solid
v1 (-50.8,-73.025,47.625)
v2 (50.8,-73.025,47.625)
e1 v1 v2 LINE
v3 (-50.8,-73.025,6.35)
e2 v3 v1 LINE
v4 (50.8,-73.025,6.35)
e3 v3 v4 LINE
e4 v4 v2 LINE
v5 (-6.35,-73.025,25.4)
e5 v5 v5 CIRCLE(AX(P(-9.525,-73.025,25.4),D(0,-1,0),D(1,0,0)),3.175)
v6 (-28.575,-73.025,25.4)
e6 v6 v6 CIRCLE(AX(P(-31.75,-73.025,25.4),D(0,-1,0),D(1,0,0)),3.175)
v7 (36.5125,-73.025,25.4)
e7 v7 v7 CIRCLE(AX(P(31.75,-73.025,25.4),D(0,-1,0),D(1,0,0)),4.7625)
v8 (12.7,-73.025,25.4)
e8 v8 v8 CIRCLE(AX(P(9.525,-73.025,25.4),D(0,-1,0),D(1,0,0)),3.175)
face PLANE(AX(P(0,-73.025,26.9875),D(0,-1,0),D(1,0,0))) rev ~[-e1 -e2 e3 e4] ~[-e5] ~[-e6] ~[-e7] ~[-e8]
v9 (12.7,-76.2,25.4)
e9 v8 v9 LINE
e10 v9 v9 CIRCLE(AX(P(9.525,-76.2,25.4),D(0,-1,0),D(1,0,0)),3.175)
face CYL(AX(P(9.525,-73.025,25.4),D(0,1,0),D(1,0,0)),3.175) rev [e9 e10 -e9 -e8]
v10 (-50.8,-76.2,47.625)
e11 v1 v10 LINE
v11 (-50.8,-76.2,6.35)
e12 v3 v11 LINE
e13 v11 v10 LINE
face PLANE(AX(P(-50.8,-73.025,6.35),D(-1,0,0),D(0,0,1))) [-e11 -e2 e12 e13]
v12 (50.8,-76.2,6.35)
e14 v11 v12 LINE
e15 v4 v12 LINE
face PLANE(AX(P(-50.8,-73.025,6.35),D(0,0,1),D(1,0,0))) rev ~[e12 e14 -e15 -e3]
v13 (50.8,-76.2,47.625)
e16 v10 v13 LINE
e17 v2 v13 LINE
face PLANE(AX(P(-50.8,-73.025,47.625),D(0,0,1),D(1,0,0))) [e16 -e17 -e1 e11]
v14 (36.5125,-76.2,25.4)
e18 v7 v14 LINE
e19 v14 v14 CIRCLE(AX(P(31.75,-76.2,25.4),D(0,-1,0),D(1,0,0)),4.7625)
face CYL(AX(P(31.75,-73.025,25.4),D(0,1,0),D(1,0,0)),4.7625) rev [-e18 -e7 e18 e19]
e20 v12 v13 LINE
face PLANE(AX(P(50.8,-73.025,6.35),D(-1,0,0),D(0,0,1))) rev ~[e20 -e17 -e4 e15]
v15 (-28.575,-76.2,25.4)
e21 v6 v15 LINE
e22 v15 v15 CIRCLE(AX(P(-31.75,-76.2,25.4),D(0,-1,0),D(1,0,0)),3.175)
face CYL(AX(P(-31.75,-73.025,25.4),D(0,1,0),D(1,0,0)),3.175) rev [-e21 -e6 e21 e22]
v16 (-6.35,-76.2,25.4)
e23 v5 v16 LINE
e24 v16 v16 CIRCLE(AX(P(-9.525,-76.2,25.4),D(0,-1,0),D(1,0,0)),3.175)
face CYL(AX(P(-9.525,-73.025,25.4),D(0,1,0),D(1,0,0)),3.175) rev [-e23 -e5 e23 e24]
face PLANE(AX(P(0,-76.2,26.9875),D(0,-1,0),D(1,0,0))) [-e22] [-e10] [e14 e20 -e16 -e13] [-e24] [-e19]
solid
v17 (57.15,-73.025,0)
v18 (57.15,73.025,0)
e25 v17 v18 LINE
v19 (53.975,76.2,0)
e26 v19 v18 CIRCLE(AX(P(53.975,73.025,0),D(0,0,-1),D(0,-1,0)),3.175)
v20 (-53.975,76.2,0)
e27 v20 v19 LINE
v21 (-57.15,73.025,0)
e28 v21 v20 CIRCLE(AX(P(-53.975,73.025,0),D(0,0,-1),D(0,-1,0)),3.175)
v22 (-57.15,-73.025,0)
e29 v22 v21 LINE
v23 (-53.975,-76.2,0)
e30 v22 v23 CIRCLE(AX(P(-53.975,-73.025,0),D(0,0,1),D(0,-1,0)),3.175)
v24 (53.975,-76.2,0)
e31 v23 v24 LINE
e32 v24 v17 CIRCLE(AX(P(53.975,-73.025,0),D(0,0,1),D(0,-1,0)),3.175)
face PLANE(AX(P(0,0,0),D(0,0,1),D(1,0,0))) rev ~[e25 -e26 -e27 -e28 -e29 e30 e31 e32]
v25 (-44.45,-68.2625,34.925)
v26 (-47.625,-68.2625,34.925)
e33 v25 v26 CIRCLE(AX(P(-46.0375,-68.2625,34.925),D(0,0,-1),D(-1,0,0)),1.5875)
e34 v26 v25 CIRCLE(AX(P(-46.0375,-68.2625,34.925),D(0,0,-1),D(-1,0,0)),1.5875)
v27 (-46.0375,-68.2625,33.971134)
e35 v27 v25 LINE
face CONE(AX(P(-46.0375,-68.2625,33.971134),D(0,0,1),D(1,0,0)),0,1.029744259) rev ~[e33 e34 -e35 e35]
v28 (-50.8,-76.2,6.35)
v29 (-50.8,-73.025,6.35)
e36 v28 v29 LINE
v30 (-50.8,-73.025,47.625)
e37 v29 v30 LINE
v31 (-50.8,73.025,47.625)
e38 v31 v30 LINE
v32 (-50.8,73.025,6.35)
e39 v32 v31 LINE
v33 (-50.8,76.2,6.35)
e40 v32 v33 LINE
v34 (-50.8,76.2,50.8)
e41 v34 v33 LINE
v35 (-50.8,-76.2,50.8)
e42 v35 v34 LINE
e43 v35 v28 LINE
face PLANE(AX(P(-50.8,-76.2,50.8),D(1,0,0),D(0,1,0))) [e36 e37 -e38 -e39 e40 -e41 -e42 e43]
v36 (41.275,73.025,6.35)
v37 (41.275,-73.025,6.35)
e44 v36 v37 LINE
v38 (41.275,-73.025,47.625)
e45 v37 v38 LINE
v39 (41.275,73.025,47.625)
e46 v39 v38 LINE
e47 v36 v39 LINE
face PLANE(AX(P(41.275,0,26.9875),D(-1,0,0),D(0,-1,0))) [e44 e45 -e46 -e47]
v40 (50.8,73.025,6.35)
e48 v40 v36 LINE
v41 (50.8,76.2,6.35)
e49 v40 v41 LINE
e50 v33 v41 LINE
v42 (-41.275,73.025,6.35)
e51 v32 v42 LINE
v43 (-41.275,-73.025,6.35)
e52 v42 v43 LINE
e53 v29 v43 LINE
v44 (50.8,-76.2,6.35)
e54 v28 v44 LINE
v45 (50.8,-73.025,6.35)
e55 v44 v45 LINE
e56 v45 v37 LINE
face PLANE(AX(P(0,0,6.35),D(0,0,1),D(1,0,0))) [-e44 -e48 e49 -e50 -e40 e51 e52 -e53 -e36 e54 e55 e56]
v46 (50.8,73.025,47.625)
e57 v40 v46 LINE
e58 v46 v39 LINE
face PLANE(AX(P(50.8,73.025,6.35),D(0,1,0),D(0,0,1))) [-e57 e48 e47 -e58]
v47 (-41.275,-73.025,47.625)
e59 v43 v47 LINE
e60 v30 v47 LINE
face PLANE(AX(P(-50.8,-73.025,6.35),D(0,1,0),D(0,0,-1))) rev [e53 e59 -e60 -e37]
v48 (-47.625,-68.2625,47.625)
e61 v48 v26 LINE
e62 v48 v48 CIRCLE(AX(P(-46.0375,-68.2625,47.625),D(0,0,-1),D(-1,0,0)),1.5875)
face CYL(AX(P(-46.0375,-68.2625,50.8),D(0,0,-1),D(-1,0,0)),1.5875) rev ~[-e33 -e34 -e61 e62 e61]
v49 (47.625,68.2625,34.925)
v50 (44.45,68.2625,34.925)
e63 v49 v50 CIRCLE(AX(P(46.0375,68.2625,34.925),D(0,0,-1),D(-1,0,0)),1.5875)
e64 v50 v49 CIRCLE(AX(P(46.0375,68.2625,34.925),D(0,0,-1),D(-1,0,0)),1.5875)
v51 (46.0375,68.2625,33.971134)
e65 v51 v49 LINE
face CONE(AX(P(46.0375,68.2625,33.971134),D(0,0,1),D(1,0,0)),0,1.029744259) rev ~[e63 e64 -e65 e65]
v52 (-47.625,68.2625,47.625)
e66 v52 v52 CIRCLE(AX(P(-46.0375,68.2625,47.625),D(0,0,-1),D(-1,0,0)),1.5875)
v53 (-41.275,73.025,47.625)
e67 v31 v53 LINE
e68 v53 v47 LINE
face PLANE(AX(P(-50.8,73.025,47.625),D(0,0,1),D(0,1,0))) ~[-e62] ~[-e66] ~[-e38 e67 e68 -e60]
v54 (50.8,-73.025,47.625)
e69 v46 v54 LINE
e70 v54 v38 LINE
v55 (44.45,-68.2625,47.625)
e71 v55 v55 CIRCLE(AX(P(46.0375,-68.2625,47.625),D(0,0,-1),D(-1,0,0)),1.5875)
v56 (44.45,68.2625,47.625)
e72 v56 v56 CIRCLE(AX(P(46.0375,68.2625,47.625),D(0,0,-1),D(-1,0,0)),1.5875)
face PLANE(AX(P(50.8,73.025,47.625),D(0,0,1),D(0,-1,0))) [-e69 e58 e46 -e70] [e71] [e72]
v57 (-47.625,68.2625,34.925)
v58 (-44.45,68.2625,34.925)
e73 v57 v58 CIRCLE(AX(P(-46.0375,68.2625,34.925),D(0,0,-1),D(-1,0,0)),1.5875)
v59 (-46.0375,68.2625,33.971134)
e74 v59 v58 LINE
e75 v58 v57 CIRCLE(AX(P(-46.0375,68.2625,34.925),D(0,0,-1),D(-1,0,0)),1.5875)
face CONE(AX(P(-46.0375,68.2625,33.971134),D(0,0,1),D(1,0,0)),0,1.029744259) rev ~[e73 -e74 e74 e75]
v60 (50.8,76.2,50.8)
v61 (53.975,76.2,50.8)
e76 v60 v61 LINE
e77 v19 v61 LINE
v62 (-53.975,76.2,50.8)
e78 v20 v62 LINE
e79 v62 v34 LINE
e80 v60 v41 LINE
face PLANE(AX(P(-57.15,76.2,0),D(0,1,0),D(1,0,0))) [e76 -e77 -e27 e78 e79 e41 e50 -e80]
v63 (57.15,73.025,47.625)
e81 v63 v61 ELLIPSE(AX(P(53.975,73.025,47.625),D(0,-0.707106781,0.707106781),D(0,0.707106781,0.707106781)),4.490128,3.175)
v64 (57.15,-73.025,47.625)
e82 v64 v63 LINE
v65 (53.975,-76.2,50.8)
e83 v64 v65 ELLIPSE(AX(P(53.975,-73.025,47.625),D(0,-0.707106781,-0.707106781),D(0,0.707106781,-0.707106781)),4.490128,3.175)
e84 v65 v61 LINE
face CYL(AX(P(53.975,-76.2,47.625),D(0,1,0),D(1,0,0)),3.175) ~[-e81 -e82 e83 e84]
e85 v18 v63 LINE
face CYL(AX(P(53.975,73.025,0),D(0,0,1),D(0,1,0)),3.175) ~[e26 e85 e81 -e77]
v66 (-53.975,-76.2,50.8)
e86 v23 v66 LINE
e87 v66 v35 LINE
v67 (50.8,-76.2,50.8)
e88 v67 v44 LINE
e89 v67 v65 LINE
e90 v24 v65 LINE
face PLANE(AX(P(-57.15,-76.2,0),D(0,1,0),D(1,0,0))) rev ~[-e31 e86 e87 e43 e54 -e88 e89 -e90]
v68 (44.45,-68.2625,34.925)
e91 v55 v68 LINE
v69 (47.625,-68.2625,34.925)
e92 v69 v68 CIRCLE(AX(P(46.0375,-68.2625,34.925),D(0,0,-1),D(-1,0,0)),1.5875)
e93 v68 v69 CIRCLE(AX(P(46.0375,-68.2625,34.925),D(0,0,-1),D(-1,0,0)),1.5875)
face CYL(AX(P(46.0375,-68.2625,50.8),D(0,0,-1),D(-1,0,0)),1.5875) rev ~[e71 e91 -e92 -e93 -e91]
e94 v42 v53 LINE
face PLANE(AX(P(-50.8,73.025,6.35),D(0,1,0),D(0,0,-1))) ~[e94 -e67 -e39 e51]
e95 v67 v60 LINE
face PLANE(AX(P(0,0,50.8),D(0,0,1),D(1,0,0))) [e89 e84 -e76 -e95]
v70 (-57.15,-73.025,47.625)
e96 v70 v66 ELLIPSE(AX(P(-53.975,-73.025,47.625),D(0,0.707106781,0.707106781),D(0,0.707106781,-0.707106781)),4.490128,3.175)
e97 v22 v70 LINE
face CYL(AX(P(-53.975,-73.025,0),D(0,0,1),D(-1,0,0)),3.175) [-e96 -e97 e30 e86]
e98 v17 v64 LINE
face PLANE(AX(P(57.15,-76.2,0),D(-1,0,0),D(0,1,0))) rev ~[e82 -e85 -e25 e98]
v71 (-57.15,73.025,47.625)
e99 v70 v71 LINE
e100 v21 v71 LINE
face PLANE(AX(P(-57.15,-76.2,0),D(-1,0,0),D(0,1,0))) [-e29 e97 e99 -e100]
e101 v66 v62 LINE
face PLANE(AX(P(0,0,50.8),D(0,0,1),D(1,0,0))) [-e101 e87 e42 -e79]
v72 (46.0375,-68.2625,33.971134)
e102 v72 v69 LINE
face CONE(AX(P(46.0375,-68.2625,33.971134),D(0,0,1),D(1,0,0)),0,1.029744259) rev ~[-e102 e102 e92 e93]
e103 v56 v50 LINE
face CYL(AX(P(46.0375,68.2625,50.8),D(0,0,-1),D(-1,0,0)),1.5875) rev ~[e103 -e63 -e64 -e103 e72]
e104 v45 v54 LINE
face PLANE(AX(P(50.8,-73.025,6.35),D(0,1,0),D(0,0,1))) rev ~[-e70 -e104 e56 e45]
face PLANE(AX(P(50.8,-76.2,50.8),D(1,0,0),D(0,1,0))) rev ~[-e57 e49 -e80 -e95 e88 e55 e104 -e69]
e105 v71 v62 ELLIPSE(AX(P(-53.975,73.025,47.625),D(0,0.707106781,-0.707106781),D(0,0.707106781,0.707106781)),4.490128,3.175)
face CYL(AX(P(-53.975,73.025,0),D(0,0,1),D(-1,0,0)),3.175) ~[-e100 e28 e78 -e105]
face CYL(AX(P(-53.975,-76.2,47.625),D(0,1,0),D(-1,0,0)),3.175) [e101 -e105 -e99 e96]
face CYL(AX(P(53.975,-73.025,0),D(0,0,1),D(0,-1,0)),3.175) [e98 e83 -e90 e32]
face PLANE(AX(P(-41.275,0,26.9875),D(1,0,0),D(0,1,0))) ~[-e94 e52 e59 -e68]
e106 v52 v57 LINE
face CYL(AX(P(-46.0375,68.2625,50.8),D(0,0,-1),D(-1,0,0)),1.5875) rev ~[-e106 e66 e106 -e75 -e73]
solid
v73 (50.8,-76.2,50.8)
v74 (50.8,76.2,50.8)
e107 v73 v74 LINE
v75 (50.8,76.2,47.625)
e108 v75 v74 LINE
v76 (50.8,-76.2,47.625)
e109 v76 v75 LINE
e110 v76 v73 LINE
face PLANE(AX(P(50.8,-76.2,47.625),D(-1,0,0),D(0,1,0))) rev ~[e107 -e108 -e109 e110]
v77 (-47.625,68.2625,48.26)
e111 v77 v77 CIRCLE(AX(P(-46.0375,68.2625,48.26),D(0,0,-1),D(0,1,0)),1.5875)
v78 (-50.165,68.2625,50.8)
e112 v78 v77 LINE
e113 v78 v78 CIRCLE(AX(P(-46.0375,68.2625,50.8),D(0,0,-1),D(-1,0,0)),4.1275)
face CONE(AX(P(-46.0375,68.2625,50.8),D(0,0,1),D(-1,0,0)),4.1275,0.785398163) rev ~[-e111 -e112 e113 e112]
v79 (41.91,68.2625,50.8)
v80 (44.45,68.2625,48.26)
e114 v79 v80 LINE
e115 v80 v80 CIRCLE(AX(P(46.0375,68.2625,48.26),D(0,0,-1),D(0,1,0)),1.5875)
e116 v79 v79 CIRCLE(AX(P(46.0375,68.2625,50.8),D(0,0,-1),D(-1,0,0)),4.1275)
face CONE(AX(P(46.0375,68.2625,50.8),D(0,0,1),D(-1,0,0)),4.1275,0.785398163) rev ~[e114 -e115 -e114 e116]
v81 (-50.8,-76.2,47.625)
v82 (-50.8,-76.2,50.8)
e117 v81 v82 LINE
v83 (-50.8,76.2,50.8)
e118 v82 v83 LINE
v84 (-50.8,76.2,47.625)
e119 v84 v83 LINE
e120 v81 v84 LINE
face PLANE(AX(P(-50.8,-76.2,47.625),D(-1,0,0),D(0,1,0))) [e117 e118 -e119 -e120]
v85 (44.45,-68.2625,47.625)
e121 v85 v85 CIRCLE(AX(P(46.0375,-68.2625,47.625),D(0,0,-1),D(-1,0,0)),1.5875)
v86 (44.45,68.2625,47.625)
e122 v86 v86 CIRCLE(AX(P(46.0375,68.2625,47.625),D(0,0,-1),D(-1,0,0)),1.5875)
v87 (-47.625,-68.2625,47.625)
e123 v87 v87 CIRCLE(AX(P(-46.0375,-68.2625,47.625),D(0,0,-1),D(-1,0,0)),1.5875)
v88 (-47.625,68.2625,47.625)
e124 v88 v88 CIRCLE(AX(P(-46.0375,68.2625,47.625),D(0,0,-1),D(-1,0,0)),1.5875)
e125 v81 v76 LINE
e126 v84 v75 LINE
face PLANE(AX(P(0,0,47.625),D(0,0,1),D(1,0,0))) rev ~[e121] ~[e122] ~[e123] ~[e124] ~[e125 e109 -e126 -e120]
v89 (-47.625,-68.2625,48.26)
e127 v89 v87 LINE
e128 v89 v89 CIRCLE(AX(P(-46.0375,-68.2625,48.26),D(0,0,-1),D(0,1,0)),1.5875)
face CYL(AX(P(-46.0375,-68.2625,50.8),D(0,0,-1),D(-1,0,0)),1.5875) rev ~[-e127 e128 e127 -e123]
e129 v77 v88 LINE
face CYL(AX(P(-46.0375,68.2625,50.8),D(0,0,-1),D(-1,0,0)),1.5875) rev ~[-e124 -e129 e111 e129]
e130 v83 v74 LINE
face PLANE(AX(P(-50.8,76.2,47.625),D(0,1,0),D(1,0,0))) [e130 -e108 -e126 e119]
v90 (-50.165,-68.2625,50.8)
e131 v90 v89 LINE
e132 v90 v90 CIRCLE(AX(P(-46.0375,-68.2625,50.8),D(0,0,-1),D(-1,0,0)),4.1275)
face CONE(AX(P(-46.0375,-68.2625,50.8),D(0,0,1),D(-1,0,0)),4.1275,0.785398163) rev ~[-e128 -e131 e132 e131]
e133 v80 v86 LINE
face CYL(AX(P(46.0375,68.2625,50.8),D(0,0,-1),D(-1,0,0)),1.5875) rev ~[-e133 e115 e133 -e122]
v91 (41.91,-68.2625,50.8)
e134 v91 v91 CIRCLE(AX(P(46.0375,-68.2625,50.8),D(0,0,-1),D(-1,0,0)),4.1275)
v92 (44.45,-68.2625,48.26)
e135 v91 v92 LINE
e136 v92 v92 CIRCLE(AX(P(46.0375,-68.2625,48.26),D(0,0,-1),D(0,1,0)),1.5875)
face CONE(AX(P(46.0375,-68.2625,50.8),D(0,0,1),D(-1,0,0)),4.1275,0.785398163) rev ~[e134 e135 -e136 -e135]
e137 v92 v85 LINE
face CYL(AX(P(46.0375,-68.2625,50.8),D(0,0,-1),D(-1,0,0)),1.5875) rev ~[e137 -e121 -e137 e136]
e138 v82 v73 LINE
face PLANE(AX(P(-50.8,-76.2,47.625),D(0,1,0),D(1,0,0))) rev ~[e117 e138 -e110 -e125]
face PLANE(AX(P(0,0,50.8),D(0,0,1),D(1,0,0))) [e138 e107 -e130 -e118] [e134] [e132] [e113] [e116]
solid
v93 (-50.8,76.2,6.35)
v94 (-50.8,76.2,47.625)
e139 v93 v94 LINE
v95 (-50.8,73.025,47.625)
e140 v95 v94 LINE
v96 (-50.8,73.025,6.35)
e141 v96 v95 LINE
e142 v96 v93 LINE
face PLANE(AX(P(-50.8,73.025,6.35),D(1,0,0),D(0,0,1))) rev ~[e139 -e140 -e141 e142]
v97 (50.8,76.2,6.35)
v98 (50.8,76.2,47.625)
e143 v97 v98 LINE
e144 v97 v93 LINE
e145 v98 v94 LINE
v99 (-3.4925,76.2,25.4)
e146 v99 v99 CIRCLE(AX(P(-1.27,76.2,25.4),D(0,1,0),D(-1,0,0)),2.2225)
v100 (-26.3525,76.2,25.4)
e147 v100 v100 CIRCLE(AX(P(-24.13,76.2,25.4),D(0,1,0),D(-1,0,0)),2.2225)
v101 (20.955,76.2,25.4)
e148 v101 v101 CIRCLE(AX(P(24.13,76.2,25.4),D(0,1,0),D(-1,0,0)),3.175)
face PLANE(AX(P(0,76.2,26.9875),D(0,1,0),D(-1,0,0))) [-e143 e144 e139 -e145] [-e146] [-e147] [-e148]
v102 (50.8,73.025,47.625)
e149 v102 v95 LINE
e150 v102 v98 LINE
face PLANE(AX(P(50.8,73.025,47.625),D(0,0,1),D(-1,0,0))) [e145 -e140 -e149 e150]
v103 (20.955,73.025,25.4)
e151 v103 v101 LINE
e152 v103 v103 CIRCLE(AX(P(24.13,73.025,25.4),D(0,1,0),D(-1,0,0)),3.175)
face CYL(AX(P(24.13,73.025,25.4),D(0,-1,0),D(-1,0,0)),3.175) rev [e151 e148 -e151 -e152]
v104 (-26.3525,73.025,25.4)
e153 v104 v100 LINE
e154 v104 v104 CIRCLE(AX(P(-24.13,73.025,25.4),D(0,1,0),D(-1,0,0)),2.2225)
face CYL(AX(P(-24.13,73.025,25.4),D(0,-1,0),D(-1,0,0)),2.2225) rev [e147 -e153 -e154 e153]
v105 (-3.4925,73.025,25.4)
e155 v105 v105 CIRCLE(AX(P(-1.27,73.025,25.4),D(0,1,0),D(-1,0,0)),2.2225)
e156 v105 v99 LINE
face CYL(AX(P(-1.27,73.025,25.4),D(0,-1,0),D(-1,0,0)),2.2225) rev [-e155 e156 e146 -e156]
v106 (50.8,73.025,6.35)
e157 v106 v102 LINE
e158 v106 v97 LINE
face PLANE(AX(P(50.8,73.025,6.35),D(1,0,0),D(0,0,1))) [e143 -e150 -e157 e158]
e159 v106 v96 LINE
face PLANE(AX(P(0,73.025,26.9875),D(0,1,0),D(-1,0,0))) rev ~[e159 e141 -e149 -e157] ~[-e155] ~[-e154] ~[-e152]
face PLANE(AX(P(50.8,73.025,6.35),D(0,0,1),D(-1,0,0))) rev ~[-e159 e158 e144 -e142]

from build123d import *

# Parameters (mm, degrees)
F0_W              = 114.3
F0_H              = 152.4
F1_DEPTH          = 50.8
F2_W              = 101.6
F2_H              = 152.4
F3_DEPTH          = 44.45
F4_W              = 146.05
F4_H              = 41.275
F5_DEPTH          = 9.525
F7_R              = 3.175
F8_W              = 101.6
F8_H              = 152.4
F9_DEPTH          = 3.175
F11_D             = 3.175
F11_DEPTH         = 15.875
F11_CSINK_D       = 8.255
F11_CSINK_ANGLE   = 90
F11_TIP           = 0.9538662327
F11_2_D           = 3.175
F11_2_DEPTH       = 15.875
F11_2_CSINK_D     = 8.255
F11_2_CSINK_ANGLE = 90
F11_2_TIP         = 0.9538662327
F12_W             = 101.6
F12_H             = 41.275
F12_R             = 3.175
F12_R_2           = 4.7625
F13_DEPTH         = 3.175
F14_W             = 101.6
F14_H             = 41.275
F14_R             = 3.175
F14_R_2           = 2.2225
F15_DEPTH         = 3.175


with BuildPart() as f1:
    # F0 (on Top) → F1 (new body)
    with BuildSketch(Plane.XY):
        Rectangle(F0_W, F0_H)
    extrude(amount=F1_DEPTH)

    # F2 (on face) → F3 (cut, through all)
    with BuildSketch(Plane.XY.offset(50.8)):
        Rectangle(F2_W, F2_H)
    extrude(amount=-F3_DEPTH, mode=Mode.SUBTRACT)

    # F4 (on face) → F5 (join)
    with BuildSketch(Plane(origin=(50.8, 0, 0), x_dir=(0, -1, 0), z_dir=(-1, 0, 0))):
        with Locations((0, 26.9875)):
            Rectangle(F4_W, F4_H)
    extrude(amount=F5_DEPTH)

    # F6: F1 across plane


with BuildPart() as f1_1:
    add(f1.part)
    add(f1.part.mirror(Plane.YZ))

    # F7
    f7_edges = [f1_1.edges().sort_by_distance(p)[0] for p in [
        (57.15, 0, 50.8),
        (57.15, 76.2, 25.4),
        (57.15, -76.2, 25.4),
        (-57.15, 0, 50.8),
        (-57.15, 76.2, 25.4),
        (-57.15, -76.2, 25.4),
    ]]
    fillet(f7_edges, radius=F7_R)

    # F11
    with Locations(Plane.XY.offset(50.8)):
        with Locations((-46.0375, -68.2625), (46.0375, -68.2625), (46.0375, 68.2625), (-46.0375, 68.2625)):
            CounterSinkHole(F11_D / 2, F11_CSINK_D / 2, depth=F11_DEPTH, counter_sink_angle=F11_CSINK_ANGLE)
            with Locations((0, 0, -(F11_DEPTH + F11_TIP / 2))):  # 118° drill point
                Cone(0, F11_D / 2, F11_TIP, mode=Mode.SUBTRACT)


with BuildPart() as f9:
    # F8 (on face) → F9 (new body, through all)
    with BuildSketch(Plane.XY.offset(47.625)):
        Rectangle(F8_W, F8_H)
    extrude(amount=F9_DEPTH)

    # F11#2
    with Locations(Plane.XY.offset(50.8)):
        with Locations((-46.0375, -68.2625), (46.0375, -68.2625), (46.0375, 68.2625), (-46.0375, 68.2625)):
            CounterSinkHole(F11_2_D / 2, F11_2_CSINK_D / 2, depth=F11_2_DEPTH, counter_sink_angle=F11_2_CSINK_ANGLE)
            with Locations((0, 0, -(F11_2_DEPTH + F11_2_TIP / 2))):  # 118° drill point
                Cone(0, F11_2_D / 2, F11_2_TIP, mode=Mode.SUBTRACT)


with BuildPart() as f13:
    # F12 (on face) → F13 (new body, through all)
    with BuildSketch(Plane.XZ.offset(73.025)):
        with Locations((0, 26.9875)):
            Rectangle(F12_W, F12_H)
        with Locations((-31.75, 25.4)):
            Circle(F12_R, mode=Mode.SUBTRACT)
        with Locations((-9.525, 25.4)):
            Circle(F12_R, mode=Mode.SUBTRACT)
        with Locations((9.525, 25.4)):
            Circle(F12_R, mode=Mode.SUBTRACT)
        with Locations((31.75, 25.4)):
            Circle(F12_R_2, mode=Mode.SUBTRACT)
    extrude(amount=F13_DEPTH)


with BuildPart() as f15:
    # F14 (on face) → F15 (new body, through all)
    with BuildSketch(Plane(origin=(0, 73.025, 0), x_dir=(-1, 0, 0), z_dir=(0, 1, 0))):
        with Locations((0, 26.9875)):
            Rectangle(F14_W, F14_H)
        with Locations((-24.13, 25.4)):
            Circle(F14_R, mode=Mode.SUBTRACT)
        with Locations((1.27, 25.4)):
            Circle(F14_R_2, mode=Mode.SUBTRACT)
        with Locations((24.13, 25.4)):
            Circle(F14_R_2, mode=Mode.SUBTRACT)
    extrude(amount=F15_DEPTH)


solid = Compound([f1_1.part, f9.part, f13.part, f15.part])
